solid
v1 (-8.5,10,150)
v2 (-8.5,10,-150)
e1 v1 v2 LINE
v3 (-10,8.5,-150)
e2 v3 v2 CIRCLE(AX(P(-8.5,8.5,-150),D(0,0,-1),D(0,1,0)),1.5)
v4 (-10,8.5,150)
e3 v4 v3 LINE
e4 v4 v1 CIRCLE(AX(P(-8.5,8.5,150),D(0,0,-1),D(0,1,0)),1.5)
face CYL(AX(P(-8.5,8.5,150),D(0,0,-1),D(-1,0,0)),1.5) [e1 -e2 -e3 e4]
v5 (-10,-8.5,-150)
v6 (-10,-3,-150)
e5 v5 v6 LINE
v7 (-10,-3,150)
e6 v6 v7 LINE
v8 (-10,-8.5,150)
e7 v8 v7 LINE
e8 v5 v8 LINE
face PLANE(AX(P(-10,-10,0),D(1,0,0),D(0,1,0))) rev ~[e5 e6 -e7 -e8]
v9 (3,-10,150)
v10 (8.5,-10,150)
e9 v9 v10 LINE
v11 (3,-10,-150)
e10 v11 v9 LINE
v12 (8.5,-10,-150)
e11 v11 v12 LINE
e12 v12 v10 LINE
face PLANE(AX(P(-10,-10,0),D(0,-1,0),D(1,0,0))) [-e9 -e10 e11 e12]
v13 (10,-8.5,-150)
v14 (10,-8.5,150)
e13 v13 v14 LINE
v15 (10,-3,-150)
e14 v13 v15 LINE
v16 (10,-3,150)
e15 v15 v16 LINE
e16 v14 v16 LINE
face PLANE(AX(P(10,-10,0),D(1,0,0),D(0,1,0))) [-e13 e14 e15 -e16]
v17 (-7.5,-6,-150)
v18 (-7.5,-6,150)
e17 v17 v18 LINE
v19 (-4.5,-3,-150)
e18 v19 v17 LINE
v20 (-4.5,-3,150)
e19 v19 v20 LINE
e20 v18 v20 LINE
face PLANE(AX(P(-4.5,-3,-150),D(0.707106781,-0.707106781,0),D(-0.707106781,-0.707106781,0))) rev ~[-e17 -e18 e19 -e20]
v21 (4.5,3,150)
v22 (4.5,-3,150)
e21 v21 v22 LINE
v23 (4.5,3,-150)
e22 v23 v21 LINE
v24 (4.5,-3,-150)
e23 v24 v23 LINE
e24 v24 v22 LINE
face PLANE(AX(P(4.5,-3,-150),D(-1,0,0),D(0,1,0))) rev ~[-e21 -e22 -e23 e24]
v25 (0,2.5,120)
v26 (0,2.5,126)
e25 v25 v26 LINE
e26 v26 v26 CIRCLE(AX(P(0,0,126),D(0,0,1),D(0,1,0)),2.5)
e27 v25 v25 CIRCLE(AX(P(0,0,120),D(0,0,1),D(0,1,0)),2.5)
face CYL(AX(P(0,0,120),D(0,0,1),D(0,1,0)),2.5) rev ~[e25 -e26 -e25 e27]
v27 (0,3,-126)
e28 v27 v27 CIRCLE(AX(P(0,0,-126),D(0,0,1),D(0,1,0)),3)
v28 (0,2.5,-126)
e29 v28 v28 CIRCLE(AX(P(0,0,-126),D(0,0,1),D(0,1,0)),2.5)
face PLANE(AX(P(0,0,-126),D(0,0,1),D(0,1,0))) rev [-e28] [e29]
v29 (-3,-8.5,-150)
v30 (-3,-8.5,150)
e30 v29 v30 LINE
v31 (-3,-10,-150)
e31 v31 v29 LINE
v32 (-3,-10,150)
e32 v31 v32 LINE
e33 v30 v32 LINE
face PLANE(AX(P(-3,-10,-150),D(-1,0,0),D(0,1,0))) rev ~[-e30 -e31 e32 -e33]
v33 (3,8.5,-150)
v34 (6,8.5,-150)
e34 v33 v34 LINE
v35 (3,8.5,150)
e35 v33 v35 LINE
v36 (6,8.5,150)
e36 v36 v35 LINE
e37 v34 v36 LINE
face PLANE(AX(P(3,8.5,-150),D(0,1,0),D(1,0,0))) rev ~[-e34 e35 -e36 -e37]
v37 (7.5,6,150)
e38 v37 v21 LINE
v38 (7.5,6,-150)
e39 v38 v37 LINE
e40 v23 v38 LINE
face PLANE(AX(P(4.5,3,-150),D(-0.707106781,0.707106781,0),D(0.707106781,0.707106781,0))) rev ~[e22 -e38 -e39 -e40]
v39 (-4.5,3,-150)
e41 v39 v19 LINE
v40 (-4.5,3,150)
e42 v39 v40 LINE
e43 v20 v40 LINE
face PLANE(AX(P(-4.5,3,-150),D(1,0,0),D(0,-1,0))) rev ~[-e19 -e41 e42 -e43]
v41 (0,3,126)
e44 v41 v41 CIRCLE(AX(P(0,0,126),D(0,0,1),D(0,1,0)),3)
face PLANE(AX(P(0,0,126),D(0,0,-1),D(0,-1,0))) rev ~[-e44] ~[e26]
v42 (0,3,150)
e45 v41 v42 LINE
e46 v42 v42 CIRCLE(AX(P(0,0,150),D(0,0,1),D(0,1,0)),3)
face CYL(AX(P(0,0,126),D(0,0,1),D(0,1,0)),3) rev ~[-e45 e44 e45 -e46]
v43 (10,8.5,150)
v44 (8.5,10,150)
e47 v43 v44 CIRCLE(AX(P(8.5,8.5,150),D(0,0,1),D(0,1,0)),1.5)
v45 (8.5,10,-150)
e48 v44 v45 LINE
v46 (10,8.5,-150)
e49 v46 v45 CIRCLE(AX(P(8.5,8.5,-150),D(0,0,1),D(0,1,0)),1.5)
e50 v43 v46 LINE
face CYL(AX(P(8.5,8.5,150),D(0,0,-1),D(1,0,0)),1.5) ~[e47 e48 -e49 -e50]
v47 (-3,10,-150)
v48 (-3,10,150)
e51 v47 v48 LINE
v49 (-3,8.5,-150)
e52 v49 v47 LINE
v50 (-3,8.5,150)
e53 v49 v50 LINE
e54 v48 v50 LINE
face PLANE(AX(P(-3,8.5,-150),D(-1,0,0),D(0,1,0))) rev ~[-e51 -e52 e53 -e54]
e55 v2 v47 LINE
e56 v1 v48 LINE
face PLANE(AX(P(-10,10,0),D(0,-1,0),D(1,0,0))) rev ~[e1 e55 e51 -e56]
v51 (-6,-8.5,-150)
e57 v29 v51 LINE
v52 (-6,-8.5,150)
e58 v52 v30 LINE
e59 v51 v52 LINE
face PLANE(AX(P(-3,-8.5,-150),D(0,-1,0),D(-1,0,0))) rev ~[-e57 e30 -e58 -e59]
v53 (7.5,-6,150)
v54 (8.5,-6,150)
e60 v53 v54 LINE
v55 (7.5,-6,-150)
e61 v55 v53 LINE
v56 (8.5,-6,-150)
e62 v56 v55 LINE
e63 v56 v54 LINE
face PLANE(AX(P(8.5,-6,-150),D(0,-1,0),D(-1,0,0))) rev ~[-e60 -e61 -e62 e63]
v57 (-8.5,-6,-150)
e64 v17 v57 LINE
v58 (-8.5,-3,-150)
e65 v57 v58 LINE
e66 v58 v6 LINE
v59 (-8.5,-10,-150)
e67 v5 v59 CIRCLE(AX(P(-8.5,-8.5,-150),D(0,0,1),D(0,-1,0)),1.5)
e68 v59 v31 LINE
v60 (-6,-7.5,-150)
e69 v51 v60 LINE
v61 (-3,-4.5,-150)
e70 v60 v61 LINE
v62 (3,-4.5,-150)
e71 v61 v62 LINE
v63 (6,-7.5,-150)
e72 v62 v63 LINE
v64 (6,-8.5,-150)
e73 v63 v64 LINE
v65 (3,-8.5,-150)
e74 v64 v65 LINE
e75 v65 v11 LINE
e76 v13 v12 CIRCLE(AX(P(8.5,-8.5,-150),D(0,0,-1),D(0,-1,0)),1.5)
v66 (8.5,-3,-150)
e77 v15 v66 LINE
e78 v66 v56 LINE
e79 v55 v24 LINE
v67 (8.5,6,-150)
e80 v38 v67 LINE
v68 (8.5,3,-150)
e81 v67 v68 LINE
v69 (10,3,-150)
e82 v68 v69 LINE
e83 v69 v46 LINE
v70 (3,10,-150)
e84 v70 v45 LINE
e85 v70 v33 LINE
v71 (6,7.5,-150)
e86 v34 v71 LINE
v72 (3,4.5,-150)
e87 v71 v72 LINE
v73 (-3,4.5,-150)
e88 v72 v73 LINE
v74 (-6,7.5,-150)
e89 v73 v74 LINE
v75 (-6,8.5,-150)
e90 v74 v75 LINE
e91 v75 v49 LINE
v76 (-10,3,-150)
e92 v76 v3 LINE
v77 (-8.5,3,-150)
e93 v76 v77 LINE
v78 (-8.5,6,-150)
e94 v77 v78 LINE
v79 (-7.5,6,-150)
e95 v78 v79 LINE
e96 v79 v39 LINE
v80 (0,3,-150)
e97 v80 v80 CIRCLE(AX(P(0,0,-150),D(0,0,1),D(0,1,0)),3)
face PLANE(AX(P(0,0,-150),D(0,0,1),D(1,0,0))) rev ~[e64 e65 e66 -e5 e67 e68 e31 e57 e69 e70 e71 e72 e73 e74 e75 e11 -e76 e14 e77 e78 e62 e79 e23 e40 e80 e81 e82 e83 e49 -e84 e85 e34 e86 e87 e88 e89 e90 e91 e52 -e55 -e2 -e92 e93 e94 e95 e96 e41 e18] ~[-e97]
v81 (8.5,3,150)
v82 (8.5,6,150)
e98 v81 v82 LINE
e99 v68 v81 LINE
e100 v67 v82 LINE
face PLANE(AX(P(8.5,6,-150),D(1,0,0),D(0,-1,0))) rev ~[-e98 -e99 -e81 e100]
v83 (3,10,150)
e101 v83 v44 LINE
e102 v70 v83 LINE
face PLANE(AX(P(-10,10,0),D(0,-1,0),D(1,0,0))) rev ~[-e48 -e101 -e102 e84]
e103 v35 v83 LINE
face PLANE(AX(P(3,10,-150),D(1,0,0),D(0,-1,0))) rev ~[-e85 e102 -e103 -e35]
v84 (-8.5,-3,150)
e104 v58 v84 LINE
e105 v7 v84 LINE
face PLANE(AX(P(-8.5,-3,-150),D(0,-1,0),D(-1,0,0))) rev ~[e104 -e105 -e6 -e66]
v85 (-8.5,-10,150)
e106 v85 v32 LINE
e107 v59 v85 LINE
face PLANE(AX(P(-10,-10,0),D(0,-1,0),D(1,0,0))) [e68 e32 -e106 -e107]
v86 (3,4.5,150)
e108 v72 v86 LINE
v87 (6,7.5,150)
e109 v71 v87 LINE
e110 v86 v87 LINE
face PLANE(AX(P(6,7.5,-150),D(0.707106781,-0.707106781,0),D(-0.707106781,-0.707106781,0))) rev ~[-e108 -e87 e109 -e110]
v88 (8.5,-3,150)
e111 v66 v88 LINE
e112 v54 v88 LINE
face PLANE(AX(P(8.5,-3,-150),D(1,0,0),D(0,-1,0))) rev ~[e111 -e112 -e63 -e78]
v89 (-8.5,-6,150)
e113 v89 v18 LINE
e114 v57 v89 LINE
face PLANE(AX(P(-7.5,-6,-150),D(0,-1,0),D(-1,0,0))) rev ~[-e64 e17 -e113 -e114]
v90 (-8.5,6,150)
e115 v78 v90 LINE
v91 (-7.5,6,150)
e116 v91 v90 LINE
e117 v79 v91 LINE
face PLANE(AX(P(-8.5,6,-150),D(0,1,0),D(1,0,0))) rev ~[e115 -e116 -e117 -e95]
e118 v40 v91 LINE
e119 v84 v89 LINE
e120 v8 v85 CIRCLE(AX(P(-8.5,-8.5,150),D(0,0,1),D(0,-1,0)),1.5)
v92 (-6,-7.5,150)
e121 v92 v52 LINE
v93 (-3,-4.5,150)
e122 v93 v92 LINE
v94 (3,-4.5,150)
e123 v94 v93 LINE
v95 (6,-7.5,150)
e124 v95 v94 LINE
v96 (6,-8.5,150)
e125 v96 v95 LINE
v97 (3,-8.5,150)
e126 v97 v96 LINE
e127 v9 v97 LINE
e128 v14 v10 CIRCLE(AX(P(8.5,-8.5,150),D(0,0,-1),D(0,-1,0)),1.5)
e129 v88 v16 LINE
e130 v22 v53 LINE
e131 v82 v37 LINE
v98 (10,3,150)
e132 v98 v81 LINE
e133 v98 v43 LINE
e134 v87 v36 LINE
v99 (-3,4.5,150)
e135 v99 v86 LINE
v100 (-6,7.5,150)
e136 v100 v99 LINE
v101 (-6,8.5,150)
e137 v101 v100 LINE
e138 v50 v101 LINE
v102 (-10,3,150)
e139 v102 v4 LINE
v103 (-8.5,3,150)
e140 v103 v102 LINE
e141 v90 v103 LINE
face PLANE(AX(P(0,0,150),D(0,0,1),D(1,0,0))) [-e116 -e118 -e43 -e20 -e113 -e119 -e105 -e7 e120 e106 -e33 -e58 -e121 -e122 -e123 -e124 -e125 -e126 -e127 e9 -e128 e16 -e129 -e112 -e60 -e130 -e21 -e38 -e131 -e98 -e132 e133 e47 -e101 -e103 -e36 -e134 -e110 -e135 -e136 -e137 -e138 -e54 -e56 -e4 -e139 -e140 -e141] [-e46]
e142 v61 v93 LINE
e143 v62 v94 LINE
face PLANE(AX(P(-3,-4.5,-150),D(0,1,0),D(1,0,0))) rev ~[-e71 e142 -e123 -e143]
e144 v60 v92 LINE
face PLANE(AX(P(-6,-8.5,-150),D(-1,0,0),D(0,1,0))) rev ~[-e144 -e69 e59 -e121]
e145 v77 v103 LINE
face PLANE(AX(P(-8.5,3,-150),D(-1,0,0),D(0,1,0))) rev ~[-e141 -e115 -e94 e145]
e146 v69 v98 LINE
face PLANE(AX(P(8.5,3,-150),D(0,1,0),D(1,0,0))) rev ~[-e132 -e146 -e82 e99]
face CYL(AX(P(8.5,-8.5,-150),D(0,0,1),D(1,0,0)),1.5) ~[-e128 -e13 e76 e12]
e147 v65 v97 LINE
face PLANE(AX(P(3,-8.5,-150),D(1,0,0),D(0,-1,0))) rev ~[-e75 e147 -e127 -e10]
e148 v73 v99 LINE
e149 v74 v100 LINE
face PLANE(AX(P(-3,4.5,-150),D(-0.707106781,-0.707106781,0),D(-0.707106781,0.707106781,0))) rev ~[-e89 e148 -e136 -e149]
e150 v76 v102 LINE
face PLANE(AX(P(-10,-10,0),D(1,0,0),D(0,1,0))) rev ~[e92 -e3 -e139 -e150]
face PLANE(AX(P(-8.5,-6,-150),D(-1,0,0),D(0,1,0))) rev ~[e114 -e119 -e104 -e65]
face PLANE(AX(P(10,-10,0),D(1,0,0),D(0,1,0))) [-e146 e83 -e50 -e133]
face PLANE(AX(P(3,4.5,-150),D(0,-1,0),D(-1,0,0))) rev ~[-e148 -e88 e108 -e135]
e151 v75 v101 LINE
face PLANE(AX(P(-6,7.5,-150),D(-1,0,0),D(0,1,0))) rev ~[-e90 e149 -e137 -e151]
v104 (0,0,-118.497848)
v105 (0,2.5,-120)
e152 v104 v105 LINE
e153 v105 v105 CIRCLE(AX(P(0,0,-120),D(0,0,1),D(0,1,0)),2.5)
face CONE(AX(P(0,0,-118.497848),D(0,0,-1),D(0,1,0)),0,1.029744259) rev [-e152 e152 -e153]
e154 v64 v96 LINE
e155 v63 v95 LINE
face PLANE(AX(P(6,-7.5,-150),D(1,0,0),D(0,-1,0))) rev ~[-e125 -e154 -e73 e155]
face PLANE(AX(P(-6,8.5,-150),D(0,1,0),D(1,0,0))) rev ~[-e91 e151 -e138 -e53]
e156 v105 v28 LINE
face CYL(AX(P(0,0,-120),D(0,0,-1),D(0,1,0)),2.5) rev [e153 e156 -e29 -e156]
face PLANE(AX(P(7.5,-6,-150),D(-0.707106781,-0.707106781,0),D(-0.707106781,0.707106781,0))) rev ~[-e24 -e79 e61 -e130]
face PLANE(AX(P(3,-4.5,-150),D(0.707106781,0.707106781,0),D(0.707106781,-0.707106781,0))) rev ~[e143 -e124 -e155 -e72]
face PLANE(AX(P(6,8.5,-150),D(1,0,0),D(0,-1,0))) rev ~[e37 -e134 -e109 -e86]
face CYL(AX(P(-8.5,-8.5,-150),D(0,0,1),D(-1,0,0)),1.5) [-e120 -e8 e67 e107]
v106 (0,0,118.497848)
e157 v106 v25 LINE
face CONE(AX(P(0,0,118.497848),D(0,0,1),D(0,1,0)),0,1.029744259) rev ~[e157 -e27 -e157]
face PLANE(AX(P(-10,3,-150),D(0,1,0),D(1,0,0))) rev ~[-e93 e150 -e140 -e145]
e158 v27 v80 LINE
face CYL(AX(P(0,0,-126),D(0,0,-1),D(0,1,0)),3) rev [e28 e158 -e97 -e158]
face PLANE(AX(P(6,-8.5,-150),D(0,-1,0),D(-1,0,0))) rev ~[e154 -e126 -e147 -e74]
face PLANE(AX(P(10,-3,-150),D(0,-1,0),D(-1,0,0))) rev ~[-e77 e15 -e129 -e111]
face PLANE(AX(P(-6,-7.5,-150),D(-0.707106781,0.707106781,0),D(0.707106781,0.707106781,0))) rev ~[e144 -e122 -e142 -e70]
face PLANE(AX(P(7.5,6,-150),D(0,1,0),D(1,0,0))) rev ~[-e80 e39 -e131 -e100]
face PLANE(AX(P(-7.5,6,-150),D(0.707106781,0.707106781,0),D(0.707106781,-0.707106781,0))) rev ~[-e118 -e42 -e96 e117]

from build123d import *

# Parameters (mm, degrees)
ESQUISSE1_W                  = 20
ESQUISSE1_H                  = 20
EXTRUSION1_DEPTH             = 150
CONG_1_R                     = 1.5
ENL_V_MAT_EXTRU_1_DEPTH      = 301.333148354
R_P_TITION_CIRCULAIRE1_COUNT = 4


with BuildPart() as part:
    # Esquisse1 → Extrusion1 (new, symmetric)
    with BuildSketch(Plane.XY):
        Rectangle(ESQUISSE1_W, ESQUISSE1_H)
    extrude(amount=EXTRUSION1_DEPTH, both=True)

    # Congé1
    cong_1_edges = [part.edges().sort_by_distance(p)[0] for p in [
        (-10, -10, 0),
        (10, -10, 0),
        (-10, 10, 0),
        (10, 10, 0),
    ]]
    fillet(cong_1_edges, radius=CONG_1_R)

    # Esquisse2 → Enlèv. mat.-Extru.1 (cut, through all)
    with BuildSketch(Plane(origin=(0, 0, -150), x_dir=(-1, 0, 0), z_dir=(0, 0, -1))):
        Polygon((-10, 3), (-10, -3), (-8.5, -3), (-8.5, -6), (-7.5, -6), (-4.5, -3), (-4.5, 3), (-7.5, 6), (-8.5, 6), (-8.5, 3), align=None)
    enl_v_mat_extru_1 = extrude(amount=-ENL_V_MAT_EXTRU_1_DEPTH, mode=Mode.SUBTRACT)

    # Répétition circulaire1: Enlèv. mat.-Extru.1 ×4 about axis
    r_p_tition_circulaire1_axis = Axis((0, 0, 9.333809512), (0, 0, -1))
    for i in range(1, R_P_TITION_CIRCULAIRE1_COUNT):
        add(enl_v_mat_extru_1.rotate(r_p_tition_circulaire1_axis, i * 360 / R_P_TITION_CIRCULAIRE1_COUNT), mode=Mode.SUBTRACT)

    # Esquisse5 → Trou taraudé M6x1.01 (revolve, cut)
    with BuildSketch(Plane(origin=(0, 0, -150), x_dir=(0, 1, 0), z_dir=(1, 0, 0))):
        Polygon((0, 0), (0, 31.502151548), (2.5, 30), (2.5, 24), (3, 24), (3, 0), align=None)
    trou_taraud_m6x1_01 = revolve(axis=Axis((0, 0, -156.35), (0, 0, 1)), mode=Mode.SUBTRACT)

    # Symétrie1: Trou taraudé M6x1.01 across plane
    add(trou_taraud_m6x1_01.mirror(Plane.XY), mode=Mode.SUBTRACT)


solid = part.part
